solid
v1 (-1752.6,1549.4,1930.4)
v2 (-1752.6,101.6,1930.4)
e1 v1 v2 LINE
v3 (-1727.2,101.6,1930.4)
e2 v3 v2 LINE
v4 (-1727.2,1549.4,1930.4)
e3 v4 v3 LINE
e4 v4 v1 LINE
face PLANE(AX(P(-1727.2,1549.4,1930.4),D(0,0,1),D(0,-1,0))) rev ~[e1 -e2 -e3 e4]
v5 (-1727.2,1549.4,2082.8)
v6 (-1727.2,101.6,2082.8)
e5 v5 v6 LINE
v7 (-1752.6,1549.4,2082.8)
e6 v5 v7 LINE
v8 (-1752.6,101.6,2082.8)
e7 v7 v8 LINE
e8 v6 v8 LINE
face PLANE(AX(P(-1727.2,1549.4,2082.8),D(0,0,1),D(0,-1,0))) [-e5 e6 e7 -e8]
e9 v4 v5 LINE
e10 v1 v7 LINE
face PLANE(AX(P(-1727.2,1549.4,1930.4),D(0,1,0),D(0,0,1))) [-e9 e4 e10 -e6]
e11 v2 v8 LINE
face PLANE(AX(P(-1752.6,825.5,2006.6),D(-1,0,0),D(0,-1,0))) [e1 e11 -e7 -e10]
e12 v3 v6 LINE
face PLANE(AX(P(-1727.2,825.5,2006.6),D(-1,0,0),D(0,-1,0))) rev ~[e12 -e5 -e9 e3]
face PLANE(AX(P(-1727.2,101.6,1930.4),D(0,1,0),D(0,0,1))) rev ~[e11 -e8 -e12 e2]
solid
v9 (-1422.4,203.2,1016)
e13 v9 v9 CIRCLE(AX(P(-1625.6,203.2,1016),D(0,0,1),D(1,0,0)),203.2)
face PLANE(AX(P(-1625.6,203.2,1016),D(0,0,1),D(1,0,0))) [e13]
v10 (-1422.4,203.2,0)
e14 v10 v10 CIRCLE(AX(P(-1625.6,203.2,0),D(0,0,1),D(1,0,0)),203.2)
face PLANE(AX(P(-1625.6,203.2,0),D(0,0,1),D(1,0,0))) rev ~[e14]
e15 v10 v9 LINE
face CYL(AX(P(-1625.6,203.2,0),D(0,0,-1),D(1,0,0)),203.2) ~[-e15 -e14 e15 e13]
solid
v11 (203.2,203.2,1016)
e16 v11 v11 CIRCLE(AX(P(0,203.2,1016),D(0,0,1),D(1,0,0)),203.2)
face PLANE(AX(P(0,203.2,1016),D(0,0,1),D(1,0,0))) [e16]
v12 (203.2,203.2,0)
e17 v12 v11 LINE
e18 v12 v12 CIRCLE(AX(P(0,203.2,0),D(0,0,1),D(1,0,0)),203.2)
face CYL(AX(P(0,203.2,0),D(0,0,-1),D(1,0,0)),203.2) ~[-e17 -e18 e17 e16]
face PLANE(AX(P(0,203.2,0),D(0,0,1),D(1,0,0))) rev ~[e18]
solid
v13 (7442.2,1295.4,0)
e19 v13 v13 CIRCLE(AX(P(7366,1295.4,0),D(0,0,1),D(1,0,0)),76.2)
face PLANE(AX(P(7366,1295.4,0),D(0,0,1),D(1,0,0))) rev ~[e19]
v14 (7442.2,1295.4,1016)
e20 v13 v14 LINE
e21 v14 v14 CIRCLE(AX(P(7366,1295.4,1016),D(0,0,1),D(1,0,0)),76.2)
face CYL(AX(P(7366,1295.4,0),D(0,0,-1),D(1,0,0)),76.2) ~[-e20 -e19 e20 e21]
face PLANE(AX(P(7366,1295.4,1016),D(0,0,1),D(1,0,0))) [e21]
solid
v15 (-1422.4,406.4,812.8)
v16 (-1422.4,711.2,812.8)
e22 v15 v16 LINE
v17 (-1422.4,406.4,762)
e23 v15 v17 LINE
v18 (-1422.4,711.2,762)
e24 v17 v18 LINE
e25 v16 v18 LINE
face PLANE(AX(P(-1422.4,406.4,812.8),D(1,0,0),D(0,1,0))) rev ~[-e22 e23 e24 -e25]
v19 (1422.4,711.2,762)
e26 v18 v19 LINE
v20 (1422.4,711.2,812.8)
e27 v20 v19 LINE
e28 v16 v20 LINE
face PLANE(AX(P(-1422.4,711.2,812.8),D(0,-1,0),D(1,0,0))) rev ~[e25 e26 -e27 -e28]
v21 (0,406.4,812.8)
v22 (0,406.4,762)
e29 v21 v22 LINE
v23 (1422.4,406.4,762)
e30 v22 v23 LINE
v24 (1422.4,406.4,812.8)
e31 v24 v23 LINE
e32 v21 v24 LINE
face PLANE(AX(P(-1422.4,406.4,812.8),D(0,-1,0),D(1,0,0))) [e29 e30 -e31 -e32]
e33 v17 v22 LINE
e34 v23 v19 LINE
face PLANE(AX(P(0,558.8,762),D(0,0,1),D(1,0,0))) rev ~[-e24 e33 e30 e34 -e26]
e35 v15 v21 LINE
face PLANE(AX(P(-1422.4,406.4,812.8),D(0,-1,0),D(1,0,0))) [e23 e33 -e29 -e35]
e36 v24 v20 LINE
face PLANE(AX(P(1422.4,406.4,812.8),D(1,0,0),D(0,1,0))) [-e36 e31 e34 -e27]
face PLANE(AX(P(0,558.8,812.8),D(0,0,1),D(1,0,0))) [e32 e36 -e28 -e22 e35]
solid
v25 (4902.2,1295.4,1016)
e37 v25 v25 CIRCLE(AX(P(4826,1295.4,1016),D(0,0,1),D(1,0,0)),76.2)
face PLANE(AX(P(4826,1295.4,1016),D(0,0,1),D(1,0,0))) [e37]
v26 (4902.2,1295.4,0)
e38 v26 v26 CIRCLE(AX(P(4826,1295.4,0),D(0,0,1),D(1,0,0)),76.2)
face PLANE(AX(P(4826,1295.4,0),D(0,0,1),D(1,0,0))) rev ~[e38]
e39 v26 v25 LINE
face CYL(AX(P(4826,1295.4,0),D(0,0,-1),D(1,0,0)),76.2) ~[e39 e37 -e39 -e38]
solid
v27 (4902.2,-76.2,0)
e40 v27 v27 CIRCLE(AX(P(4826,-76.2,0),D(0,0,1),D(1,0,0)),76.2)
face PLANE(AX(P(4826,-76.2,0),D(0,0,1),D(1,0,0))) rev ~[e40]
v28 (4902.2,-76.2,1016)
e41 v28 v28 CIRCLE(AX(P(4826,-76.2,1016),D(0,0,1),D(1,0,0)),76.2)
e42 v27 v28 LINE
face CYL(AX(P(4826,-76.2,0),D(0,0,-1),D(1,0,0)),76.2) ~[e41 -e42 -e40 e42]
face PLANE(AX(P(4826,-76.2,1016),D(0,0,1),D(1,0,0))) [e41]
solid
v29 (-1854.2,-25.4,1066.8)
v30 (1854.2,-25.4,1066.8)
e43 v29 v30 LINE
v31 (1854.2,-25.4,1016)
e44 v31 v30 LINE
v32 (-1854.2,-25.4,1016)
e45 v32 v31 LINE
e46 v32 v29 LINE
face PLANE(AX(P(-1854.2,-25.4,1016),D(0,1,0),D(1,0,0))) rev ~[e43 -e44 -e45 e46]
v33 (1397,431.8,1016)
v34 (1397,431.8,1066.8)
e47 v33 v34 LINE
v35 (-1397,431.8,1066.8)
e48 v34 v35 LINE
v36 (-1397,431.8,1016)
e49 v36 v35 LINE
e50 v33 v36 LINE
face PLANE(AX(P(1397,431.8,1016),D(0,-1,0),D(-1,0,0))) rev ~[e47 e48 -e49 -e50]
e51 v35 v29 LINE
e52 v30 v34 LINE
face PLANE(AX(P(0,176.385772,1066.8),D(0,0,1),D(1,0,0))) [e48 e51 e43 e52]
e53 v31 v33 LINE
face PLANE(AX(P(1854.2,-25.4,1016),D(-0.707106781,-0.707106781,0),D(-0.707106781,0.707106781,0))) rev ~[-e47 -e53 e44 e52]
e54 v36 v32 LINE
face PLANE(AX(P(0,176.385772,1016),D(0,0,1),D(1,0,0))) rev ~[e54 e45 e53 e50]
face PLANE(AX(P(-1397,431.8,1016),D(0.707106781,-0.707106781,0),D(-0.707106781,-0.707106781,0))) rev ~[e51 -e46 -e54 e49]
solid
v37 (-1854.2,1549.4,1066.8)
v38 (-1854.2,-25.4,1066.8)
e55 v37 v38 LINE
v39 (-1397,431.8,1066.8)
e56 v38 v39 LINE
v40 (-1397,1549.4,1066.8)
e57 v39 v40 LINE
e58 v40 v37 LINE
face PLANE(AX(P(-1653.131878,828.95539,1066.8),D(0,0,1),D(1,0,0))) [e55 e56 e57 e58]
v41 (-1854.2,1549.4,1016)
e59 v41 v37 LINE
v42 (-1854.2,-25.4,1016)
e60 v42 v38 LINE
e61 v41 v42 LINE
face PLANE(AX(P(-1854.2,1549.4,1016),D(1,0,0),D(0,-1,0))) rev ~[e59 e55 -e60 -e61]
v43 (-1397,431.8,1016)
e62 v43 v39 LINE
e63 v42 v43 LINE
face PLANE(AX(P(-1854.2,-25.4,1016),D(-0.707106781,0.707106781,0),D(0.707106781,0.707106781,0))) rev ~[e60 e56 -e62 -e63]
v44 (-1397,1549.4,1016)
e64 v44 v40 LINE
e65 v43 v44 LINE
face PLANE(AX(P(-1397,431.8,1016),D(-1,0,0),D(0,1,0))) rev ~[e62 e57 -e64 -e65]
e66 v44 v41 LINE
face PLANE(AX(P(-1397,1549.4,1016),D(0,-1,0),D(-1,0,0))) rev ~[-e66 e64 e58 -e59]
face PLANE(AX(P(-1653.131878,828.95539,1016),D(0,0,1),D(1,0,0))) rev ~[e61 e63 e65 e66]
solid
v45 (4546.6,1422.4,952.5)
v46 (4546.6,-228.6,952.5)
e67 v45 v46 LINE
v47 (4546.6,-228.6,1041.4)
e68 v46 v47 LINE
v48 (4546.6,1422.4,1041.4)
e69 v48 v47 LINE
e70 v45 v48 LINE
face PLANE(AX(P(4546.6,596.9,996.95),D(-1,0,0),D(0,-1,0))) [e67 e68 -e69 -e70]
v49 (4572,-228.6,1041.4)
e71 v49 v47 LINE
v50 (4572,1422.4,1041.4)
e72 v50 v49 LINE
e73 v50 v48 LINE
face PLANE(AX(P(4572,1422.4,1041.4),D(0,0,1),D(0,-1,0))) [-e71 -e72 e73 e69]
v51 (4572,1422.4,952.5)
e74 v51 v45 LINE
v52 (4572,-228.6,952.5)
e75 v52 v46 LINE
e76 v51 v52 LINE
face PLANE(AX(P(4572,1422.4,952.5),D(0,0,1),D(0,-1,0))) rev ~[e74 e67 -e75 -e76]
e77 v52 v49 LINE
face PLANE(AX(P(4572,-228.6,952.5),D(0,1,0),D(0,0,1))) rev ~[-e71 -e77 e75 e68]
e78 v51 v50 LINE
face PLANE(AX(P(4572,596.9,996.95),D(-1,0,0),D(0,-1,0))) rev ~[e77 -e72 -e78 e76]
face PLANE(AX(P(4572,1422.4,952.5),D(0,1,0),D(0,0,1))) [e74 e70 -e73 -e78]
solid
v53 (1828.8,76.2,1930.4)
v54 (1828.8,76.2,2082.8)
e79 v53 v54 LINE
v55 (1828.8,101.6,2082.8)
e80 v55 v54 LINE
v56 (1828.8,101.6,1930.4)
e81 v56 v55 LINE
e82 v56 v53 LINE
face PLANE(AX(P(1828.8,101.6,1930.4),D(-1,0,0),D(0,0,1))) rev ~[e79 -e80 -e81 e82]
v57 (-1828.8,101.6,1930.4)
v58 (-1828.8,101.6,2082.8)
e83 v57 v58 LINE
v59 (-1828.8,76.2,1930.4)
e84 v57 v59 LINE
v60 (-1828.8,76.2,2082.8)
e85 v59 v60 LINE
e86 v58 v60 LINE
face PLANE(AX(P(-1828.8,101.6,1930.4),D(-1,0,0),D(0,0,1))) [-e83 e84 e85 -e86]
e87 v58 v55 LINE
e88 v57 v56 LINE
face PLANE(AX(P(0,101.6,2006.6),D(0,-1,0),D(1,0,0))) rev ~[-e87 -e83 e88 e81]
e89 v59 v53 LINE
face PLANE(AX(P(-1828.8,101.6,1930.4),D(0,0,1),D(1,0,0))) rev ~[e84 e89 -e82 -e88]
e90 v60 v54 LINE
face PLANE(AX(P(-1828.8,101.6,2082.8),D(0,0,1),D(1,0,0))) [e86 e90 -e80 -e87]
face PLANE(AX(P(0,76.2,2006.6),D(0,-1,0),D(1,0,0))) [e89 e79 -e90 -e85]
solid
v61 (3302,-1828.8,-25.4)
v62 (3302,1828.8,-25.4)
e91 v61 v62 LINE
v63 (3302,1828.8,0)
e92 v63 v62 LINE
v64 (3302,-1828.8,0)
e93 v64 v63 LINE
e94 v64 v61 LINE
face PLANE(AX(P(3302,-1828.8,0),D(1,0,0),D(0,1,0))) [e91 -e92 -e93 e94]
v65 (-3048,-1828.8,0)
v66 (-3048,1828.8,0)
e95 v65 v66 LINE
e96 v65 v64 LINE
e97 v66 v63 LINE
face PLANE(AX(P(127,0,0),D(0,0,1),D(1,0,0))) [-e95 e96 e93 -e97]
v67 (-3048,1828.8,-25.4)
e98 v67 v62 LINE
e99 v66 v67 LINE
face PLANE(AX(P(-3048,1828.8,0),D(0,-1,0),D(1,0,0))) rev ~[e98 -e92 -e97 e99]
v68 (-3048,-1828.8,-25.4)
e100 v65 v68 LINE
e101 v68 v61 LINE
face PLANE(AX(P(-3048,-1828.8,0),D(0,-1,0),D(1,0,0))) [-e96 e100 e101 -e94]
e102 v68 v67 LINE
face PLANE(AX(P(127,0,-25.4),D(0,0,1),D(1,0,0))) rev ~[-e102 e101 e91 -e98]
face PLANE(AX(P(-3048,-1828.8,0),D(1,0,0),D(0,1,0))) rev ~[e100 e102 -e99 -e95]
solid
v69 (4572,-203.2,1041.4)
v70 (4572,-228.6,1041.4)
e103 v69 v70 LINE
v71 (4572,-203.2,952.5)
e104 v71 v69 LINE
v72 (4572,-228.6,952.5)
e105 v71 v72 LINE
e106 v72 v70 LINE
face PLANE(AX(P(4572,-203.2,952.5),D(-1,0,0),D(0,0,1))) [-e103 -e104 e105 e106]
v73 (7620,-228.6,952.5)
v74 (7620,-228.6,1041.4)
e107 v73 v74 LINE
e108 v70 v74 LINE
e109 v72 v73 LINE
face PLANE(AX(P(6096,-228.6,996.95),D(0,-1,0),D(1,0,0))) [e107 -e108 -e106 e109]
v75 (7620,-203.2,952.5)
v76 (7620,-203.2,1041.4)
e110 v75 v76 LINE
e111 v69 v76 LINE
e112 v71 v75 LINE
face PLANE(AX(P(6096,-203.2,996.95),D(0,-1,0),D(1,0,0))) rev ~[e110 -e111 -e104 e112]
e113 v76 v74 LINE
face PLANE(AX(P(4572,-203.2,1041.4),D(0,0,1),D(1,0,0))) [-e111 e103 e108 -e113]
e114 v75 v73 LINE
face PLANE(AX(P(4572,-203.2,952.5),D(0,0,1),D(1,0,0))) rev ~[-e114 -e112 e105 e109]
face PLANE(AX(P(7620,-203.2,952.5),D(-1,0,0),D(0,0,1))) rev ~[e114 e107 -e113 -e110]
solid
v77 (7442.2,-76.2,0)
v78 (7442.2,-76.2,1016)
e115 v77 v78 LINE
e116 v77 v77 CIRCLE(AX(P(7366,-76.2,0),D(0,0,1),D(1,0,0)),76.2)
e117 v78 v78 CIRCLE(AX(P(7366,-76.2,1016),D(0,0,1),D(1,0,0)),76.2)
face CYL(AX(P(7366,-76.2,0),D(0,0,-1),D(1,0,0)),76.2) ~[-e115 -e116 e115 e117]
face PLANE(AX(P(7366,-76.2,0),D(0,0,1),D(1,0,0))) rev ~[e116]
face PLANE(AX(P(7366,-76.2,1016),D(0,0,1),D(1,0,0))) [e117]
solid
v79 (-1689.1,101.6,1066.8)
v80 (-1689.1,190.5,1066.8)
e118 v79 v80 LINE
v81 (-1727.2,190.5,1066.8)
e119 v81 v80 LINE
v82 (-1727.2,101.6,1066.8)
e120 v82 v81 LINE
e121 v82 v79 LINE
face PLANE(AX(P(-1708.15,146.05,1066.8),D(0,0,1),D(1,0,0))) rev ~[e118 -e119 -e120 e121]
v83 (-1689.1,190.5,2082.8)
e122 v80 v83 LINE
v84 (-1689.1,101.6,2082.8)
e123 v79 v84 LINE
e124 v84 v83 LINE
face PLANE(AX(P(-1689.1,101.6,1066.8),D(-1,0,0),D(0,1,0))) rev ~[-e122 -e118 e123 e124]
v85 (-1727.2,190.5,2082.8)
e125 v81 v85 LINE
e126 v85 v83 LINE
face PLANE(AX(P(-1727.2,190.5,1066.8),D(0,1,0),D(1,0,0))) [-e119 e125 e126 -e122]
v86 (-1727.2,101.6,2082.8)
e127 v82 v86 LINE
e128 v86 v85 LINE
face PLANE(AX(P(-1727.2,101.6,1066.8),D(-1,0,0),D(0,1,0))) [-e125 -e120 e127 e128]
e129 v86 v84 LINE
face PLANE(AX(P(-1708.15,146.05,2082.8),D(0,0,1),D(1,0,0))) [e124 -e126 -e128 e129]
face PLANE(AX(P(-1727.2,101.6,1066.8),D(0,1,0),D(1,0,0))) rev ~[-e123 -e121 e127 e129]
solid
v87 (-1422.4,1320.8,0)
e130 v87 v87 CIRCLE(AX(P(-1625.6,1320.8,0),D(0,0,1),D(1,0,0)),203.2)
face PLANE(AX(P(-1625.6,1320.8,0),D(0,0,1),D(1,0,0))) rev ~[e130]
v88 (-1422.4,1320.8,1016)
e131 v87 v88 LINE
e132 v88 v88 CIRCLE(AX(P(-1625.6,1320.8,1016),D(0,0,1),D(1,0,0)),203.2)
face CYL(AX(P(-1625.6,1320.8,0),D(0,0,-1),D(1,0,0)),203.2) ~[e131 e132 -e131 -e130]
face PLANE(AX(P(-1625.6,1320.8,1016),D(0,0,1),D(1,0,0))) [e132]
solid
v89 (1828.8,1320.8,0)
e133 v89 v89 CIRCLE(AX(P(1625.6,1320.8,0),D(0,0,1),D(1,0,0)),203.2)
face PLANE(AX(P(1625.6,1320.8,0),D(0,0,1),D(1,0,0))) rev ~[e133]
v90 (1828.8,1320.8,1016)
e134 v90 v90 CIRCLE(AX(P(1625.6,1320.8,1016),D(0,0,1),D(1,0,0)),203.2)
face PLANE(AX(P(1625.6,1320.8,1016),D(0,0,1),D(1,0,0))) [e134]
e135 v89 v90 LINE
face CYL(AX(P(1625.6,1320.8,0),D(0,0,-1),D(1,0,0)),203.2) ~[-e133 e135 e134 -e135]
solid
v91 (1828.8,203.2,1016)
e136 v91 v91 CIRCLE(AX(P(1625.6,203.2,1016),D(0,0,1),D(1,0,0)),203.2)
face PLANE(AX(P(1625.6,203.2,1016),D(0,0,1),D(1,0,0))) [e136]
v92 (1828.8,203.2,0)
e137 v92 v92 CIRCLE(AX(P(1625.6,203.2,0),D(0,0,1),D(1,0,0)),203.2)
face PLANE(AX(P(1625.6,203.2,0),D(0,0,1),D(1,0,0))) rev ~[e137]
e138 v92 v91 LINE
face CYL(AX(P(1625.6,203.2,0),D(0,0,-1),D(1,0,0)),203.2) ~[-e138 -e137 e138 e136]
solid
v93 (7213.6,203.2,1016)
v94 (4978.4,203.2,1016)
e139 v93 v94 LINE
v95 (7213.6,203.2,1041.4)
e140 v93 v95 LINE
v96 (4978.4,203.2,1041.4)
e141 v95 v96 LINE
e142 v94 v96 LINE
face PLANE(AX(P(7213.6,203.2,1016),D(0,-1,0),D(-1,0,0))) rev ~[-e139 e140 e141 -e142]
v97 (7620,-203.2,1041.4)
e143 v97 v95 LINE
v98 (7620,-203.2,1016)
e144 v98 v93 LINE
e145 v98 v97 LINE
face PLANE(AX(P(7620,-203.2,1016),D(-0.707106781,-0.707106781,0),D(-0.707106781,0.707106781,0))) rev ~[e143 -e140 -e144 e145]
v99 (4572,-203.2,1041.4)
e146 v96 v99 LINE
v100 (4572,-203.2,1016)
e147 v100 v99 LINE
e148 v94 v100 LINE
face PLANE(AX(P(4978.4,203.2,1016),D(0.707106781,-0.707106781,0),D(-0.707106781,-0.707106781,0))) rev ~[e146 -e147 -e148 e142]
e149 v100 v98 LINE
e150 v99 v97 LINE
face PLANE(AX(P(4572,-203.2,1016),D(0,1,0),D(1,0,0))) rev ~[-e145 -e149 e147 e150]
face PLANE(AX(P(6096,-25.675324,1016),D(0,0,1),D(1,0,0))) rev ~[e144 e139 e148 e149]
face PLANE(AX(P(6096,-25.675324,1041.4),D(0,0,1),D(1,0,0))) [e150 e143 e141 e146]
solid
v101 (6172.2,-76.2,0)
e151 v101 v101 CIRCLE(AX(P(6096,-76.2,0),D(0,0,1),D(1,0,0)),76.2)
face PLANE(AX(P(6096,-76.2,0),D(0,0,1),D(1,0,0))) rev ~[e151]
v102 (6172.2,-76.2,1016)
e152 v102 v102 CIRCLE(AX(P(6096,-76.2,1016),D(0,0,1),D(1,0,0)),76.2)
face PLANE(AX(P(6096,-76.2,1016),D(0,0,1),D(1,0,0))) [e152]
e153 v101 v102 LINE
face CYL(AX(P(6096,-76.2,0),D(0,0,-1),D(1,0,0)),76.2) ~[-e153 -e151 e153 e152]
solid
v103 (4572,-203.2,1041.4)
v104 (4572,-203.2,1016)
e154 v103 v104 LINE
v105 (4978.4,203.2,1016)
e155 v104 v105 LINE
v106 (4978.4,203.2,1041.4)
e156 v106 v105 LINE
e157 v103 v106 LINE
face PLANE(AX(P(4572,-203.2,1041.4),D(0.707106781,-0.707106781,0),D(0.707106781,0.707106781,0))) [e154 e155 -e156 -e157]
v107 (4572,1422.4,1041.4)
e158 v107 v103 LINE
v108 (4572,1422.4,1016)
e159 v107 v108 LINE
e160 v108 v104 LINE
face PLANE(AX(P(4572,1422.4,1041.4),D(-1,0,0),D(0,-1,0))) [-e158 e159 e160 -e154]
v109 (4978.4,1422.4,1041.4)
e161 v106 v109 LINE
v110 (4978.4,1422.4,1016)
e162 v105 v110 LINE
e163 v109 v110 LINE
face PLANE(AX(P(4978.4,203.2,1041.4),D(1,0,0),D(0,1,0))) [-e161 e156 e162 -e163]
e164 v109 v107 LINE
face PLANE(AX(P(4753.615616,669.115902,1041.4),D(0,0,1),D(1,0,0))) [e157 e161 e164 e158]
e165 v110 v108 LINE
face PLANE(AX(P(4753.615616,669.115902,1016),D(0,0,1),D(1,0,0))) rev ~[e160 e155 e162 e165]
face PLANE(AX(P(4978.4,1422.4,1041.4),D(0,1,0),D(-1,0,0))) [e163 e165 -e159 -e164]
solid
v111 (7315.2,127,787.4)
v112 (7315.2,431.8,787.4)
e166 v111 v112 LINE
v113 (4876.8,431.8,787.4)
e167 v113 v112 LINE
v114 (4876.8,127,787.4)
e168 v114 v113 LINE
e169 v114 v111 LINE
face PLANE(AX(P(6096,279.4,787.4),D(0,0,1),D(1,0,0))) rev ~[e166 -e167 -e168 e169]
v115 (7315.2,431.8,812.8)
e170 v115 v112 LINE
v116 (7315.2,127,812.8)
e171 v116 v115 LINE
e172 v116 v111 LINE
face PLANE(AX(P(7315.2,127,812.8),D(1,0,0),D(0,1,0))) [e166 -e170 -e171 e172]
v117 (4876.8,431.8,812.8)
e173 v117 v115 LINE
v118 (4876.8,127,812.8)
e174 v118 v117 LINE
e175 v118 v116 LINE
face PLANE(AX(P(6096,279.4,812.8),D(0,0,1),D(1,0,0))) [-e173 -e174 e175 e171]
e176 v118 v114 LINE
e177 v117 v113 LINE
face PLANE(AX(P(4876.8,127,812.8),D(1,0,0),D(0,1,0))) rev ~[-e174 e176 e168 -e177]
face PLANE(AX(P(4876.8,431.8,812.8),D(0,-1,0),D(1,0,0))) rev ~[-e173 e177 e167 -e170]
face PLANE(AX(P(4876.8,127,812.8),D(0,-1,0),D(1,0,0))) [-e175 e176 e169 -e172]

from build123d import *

# Parameters (mm, degrees)
F0_W      = 6350
F0_H      = 3657.6
F1_DEPTH  = 25.4
F2_R      = 203.2
F3_DEPTH  = 1016
F6_DEPTH  = 50.8
F8_DEPTH  = 50.8
F10_W     = 2844.8
F10_H     = 304.8
F11_DEPTH = 50.8
F13_W     = 38.1
F13_H     = 88.9
F14_DEPTH = 1016
F15_W     = 3657.6
F15_H     = 152.4
F16_DEPTH = 25.4
F17_W     = 1447.8
F17_H     = 152.4
F18_DEPTH = 25.4
F19_R     = 76.2
F20_DEPTH = 1016
F22_DEPTH = 25.4
F23_W     = 2438.4
F23_H     = 304.8
F24_DEPTH = 25.4
F25_W     = 3048
F25_H     = 88.9
F26_DEPTH = 25.4
F28_DEPTH = 25.4
F29_W     = 1651
F29_H     = 88.9
F30_DEPTH = 25.4


with BuildPart() as f1:
    # F0 (on Top) → F1 (new body)
    with BuildSketch(Plane.XY):
        with Locations((127, 0)):
            Rectangle(F0_W, F0_H)
    extrude(amount=-F1_DEPTH)


with BuildPart() as f3:
    # F2 (on Top) → F3 (new body)
    with BuildSketch(Plane.XY):
        with Locations((0, 203.2)):
            Circle(F2_R)
    extrude(amount=F3_DEPTH)

    # F10 (on offset) → F11 (join)
    with BuildSketch(Plane.XY.offset(812.8)):
        with Locations((0, 558.8)):
            Rectangle(F10_W, F10_H)
    extrude(amount=-F11_DEPTH)


with BuildPart() as f3b:
    # F2 (on Top) → F3, piece 2 (new body)
    with BuildSketch(Plane.XY):
        with Locations((1625.6, 203.2)):
            Circle(F2_R)
    extrude(amount=F3_DEPTH)


with BuildPart() as f3c:
    # F2 (on Top) → F3, piece 3 (new body)
    with BuildSketch(Plane.XY):
        with Locations((-1625.6, 203.2)):
            Circle(F2_R)
    extrude(amount=F3_DEPTH)


with BuildPart() as f3d:
    # F2 (on Top) → F3, piece 4 (new body)
    with BuildSketch(Plane.XY):
        with Locations((-1625.6, 1320.8)):
            Circle(F2_R)
    extrude(amount=F3_DEPTH)


with BuildPart() as f3e:
    # F2 (on Top) → F3, piece 5 (new body)
    with BuildSketch(Plane.XY):
        with Locations((1625.6, 1320.8)):
            Circle(F2_R)
    extrude(amount=F3_DEPTH)


with BuildPart() as f6:
    # F5 (on offset) → F6 (new body)
    with BuildSketch(Plane.XY.offset(1016)):
        Polygon((-1397, 431.8), (-1854.2, -25.4), (1854.2, -25.4), (1397, 431.8), align=None)
    extrude(amount=F6_DEPTH)


with BuildPart() as f8:
    # F7 (on offset) → F8 (new body)
    with BuildSketch(Plane.XY.offset(1016)):
        Polygon((-1854.2, -25.4), (-1397, 431.8), (-1397, 1549.4), (-1854.2, 1549.4), align=None)
    extrude(amount=F8_DEPTH)


with BuildPart() as f14:
    # F13 (on offset) → F14 (new body)
    with BuildSketch(Plane.XY.offset(1066.8)):
        with Locations((-1708.15, 146.05)):
            Rectangle(F13_W, F13_H)
    extrude(amount=F14_DEPTH)


with BuildPart() as f16:
    # F15 (on face) → F16 (new body)
    with BuildSketch(Plane.XZ.offset(-101.6)):
        with Locations((0, 2006.6)):
            Rectangle(F15_W, F15_H)
    extrude(amount=F16_DEPTH)


with BuildPart() as f18:
    # F17 (on face) → F18 (new body)
    with BuildSketch(Plane(origin=(-1727.2, 0, 0), x_dir=(0, -1, 0), z_dir=(-1, 0, 0))):
        with Locations((-825.5, 2006.6)):
            Rectangle(F17_W, F17_H)
    extrude(amount=F18_DEPTH)


with BuildPart() as f20:
    # F19 (on Top) → F20 (new body)
    with BuildSketch(Plane.XY):
        with Locations((6096, -76.2)):
            Circle(F19_R)
    extrude(amount=F20_DEPTH)


with BuildPart() as f20b:
    # F19 (on Top) → F20, piece 2 (new body)
    with BuildSketch(Plane.XY):
        with Locations((4826, -76.2)):
            Circle(F19_R)
    extrude(amount=F20_DEPTH)


with BuildPart() as f20c:
    # F19 (on Top) → F20, piece 3 (new body)
    with BuildSketch(Plane.XY):
        with Locations((7366, -76.2)):
            Circle(F19_R)
    extrude(amount=F20_DEPTH)


with BuildPart() as f20d:
    # F19 (on Top) → F20, piece 4 (new body)
    with BuildSketch(Plane.XY):
        with Locations((4826, 1295.4)):
            Circle(F19_R)
    extrude(amount=F20_DEPTH)


with BuildPart() as f20e:
    # F19 (on Top) → F20, piece 5 (new body)
    with BuildSketch(Plane.XY):
        with Locations((7366, 1295.4)):
            Circle(F19_R)
    extrude(amount=F20_DEPTH)


with BuildPart() as f22:
    # F21 (on offset) → F22 (new body)
    with BuildSketch(Plane.XY.offset(1016)):
        Polygon((4978.4, 203.2), (4572, -203.2), (7620, -203.2), (7213.6, 203.2), align=None)
    extrude(amount=F22_DEPTH)


with BuildPart() as f24:
    # F23 (on offset) → F24 (new body)
    with BuildSketch(Plane.XY.offset(812.8)):
        with Locations((6096, 279.4)):
            Rectangle(F23_W, F23_H)
    extrude(amount=-F24_DEPTH)


with BuildPart() as f26:
    # F25 (on face) → F26 (new body)
    with BuildSketch(Plane.XZ.offset(203.2)):
        with Locations((6096, 996.95)):
            Rectangle(F25_W, F25_H)
    extrude(amount=F26_DEPTH)


with BuildPart() as f28:
    # F27 (on face) → F28 (new body)
    with BuildSketch(Plane.XY.offset(1041.4)):
        Polygon((4572, -203.2), (4978.4, 203.2), (4978.4, 1422.4), (4572, 1422.4), align=None)
    extrude(amount=-F28_DEPTH)


with BuildPart() as f30:
    # F29 (on face) → F30 (new body)
    with BuildSketch(Plane(origin=(4572, 0, 0), x_dir=(0, -1, 0), z_dir=(-1, 0, 0))):
        with Locations((-596.9, 996.95)):
            Rectangle(F29_W, F29_H)
    extrude(amount=F30_DEPTH)


solid = Compound([f1.part, f3.part, f3b.part, f3c.part, f3d.part, f3e.part, f6.part, f8.part, f14.part, f16.part, f18.part, f20.part, f20b.part, f20c.part, f20d.part, f20e.part, f22.part, f24.part, f26.part, f28.part, f30.part])
